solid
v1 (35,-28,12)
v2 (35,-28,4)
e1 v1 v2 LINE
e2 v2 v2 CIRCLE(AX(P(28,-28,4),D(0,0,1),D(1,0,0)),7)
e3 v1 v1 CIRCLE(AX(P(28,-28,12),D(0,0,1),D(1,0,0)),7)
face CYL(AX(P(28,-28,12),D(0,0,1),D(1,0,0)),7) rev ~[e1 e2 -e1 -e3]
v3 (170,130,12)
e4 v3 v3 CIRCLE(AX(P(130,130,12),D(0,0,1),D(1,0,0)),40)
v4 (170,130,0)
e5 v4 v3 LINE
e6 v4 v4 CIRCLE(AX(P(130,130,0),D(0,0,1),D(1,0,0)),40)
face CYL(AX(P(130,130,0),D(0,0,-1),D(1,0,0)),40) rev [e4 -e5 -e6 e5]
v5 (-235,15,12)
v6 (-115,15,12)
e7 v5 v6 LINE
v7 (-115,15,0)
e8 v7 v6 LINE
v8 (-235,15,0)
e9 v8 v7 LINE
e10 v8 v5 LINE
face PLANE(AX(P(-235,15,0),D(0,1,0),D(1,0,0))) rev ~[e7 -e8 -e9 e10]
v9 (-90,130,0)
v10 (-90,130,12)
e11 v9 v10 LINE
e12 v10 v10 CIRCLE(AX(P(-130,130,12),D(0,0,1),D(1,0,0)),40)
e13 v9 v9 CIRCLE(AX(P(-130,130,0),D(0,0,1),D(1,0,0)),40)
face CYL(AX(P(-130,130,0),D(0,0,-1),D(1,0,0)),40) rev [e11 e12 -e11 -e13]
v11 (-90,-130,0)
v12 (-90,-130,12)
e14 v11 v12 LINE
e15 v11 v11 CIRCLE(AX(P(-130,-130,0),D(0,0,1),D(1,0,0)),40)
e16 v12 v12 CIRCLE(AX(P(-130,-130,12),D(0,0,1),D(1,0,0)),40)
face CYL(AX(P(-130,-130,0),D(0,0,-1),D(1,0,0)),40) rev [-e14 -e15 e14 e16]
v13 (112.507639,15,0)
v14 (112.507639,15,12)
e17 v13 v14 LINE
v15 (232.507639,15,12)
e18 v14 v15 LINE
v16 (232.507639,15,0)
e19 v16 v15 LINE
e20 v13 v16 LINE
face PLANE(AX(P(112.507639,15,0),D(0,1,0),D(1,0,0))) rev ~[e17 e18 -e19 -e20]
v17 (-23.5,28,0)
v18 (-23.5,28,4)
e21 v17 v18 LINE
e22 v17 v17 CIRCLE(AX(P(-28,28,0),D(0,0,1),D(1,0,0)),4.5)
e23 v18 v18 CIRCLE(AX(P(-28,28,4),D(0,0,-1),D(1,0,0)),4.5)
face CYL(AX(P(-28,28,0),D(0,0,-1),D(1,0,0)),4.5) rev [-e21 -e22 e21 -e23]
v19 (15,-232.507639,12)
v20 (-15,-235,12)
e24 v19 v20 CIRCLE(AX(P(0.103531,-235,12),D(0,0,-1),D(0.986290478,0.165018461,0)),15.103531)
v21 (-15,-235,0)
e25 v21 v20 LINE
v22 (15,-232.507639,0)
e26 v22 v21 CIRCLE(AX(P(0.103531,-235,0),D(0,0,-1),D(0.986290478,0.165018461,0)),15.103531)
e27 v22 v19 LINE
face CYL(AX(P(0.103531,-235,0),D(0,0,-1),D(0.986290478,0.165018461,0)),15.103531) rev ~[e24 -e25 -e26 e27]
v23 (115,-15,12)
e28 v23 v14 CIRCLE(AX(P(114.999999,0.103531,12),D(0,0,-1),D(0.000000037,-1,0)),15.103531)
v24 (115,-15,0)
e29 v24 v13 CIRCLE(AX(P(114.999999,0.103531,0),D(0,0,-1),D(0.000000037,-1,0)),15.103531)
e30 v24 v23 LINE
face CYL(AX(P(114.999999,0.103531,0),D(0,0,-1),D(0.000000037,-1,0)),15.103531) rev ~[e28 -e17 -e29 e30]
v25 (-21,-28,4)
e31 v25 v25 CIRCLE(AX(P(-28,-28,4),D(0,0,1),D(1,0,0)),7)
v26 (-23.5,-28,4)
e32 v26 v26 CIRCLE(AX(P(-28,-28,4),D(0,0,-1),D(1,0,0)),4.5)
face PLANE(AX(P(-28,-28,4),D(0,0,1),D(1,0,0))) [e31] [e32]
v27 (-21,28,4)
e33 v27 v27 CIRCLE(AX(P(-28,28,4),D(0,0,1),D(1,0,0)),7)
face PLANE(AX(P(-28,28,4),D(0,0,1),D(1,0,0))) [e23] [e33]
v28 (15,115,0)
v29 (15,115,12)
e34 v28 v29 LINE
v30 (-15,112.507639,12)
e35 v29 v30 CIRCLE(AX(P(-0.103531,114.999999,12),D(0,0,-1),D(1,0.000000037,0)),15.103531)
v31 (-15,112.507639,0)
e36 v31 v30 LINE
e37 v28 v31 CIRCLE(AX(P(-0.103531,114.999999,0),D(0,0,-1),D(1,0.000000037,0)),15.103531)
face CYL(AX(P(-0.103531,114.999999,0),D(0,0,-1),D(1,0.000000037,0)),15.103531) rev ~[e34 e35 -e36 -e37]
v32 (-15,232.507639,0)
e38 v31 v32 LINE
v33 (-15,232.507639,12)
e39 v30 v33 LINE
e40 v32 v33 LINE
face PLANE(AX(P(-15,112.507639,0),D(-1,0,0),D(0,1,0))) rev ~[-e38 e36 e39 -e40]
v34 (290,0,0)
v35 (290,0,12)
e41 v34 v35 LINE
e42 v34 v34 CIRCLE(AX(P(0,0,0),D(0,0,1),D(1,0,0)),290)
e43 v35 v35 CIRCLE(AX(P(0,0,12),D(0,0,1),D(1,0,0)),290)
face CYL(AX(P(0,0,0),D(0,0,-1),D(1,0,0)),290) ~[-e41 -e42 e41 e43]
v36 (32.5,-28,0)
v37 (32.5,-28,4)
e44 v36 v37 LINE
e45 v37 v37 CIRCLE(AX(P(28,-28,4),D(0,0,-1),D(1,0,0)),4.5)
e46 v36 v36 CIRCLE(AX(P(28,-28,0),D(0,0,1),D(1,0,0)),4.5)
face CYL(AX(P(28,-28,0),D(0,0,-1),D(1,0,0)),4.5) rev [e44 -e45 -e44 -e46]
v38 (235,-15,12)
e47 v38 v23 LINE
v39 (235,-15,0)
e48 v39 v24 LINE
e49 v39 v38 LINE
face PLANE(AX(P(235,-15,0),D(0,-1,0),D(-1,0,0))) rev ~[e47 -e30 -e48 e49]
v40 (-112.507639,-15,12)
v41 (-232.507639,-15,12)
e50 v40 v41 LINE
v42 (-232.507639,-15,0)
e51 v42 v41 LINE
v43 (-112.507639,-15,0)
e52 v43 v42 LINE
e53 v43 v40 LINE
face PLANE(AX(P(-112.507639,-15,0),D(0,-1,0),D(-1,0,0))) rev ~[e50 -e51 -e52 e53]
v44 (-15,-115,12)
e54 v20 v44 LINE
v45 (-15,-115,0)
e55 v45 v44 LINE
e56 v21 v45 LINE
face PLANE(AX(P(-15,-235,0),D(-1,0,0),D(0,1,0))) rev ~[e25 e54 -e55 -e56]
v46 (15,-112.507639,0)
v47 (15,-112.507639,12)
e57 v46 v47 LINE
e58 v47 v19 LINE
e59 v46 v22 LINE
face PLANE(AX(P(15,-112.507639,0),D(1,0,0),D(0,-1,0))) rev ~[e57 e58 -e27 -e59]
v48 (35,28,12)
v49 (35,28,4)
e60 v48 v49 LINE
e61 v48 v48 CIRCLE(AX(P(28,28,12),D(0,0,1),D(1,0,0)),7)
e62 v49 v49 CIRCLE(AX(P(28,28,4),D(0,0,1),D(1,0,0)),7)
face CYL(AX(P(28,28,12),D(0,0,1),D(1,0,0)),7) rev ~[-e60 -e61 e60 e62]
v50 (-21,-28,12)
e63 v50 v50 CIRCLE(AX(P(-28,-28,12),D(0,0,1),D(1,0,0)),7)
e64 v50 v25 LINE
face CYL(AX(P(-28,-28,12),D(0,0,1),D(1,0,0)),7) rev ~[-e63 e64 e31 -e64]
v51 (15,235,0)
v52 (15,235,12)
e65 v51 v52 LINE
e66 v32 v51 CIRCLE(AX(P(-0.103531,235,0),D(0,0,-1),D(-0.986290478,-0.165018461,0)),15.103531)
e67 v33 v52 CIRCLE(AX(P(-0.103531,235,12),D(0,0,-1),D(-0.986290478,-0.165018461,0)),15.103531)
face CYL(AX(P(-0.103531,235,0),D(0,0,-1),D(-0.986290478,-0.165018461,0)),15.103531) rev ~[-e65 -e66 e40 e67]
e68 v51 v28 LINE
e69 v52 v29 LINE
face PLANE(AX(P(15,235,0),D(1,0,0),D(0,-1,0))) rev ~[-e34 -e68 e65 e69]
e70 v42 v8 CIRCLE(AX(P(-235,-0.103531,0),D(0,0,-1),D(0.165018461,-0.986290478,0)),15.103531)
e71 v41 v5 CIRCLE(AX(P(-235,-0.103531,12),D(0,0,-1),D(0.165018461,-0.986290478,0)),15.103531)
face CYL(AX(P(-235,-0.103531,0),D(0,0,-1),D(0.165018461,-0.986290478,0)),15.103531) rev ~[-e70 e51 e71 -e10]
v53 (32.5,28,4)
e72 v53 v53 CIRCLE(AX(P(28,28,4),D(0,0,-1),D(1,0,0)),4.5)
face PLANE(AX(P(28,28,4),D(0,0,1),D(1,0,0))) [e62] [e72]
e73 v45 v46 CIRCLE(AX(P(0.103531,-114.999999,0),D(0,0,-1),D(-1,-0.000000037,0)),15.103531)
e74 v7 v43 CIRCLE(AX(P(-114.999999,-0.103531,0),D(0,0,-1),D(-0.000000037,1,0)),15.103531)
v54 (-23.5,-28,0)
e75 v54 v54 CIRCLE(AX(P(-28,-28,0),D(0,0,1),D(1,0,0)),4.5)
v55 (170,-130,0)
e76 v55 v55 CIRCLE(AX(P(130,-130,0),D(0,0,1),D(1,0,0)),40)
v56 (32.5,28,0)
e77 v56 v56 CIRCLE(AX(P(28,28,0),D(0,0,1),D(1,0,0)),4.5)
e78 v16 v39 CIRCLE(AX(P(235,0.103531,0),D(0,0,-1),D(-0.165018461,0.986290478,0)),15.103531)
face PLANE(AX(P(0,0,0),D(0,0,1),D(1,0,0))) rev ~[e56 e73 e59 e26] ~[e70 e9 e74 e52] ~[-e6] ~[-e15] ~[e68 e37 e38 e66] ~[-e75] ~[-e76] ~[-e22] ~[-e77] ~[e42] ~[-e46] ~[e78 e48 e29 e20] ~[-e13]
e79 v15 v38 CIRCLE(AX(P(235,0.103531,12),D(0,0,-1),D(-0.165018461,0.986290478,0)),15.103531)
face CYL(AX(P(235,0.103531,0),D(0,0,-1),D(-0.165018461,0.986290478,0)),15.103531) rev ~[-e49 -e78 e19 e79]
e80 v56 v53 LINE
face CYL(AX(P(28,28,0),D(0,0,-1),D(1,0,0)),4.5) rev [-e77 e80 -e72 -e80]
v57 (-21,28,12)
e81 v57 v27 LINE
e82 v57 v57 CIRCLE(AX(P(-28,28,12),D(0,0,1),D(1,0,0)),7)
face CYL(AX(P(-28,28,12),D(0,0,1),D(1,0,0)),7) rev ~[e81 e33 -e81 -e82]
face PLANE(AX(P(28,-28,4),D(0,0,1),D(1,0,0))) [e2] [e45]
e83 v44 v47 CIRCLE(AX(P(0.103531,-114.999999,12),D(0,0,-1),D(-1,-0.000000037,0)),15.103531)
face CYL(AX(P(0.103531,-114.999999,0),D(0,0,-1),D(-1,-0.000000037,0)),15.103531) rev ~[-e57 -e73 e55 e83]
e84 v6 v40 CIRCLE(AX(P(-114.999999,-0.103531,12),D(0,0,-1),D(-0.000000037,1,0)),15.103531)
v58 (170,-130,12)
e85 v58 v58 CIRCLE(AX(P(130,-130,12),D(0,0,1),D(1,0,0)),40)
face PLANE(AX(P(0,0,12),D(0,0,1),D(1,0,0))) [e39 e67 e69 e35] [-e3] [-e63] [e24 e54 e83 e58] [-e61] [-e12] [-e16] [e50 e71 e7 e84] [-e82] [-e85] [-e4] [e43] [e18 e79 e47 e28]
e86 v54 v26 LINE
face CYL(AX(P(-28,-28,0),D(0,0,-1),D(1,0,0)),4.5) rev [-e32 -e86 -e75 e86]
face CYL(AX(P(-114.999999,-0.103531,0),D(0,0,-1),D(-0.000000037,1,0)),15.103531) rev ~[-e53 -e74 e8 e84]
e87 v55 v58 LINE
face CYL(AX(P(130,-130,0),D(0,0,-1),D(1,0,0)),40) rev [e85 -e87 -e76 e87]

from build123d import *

# Parameters (mm, degrees)
F0_R     = 290
F0_R_2   = 40
F0_R_3   = 4.5
F1_DEPTH = 12
F2_DEPTH = 25
F3_R     = 7
F4_DEPTH = 8


with BuildPart() as f1:
    # F0 (on Top) → F1 (new body)
    with BuildSketch(Plane.XY):
        Circle(F0_R)
        with BuildLine():
            Line((-235, 15), (-115, 15))
            ThreePointArc((-115, 15), (-99.948323, 1.146943), (-112.507639, -15))
            Line((-112.507639, -15), (-232.507639, -15))
            ThreePointArc((-232.507639, -15), (-250.051677, -1.354005), (-235, 15))
        make_face(mode=Mode.SUBTRACT)
        with Locations((-130, -130)):
            Circle(F0_R_2, mode=Mode.SUBTRACT)
        with Locations((-28, -28)):
            Circle(F0_R_3, mode=Mode.SUBTRACT)
        with BuildLine():
            Line((-15, -235), (-15, -115))
            ThreePointArc((-15, -115), (-1.146943, -99.948323), (15, -112.507639))
            Line((15, -112.507639), (15, -232.507639))
            ThreePointArc((15, -232.507639), (1.354005, -250.051677), (-15, -235))
        make_face(mode=Mode.SUBTRACT)
        with Locations((130, -130)):
            Circle(F0_R_2, mode=Mode.SUBTRACT)
        with Locations((28, -28)):
            Circle(F0_R_3, mode=Mode.SUBTRACT)
        with Locations((-28, 28)):
            Circle(F0_R_3, mode=Mode.SUBTRACT)
        with Locations((-130, 130)):
            Circle(F0_R_2, mode=Mode.SUBTRACT)
        with BuildLine():
            Line((15, 235), (15, 115))
            ThreePointArc((15, 115), (1.146943, 99.948323), (-15, 112.507639))
            Line((-15, 112.507639), (-15, 232.507639))
            ThreePointArc((-15, 232.507639), (-1.354005, 250.051677), (15, 235))
        make_face(mode=Mode.SUBTRACT)
        with Locations((28, 28)):
            Circle(F0_R_3, mode=Mode.SUBTRACT)
        with Locations((130, 130)):
            Circle(F0_R_2, mode=Mode.SUBTRACT)
        with BuildLine():
            Line((235, -15), (115, -15))
            ThreePointArc((115, -15), (99.948323, -1.146943), (112.507639, 15))
            Line((112.507639, 15), (232.507639, 15))
            ThreePointArc((232.507639, 15), (250.051677, 1.354005), (235, -15))
        make_face(mode=Mode.SUBTRACT)
    extrude(amount=F1_DEPTH)

    # F0 (on Top) → F2 (cut)
    with BuildSketch(Plane.XY):
        Circle(F0_R)
        with BuildLine():
            Line((-235, 15), (-115, 15))
            ThreePointArc((-115, 15), (-99.948323, 1.146943), (-112.507639, -15))
            Line((-112.507639, -15), (-232.507639, -15))
            ThreePointArc((-232.507639, -15), (-250.051677, -1.354005), (-235, 15))
        make_face(mode=Mode.SUBTRACT)
        with Locations((-130, -130)):
            Circle(F0_R_2, mode=Mode.SUBTRACT)
        with Locations((-28, -28)):
            Circle(F0_R_3, mode=Mode.SUBTRACT)
        with BuildLine():
            Line((-15, -235), (-15, -115))
            ThreePointArc((-15, -115), (-1.146943, -99.948323), (15, -112.507639))
            Line((15, -112.507639), (15, -232.507639))
            ThreePointArc((15, -232.507639), (1.354005, -250.051677), (-15, -235))
        make_face(mode=Mode.SUBTRACT)
        with Locations((130, -130)):
            Circle(F0_R_2, mode=Mode.SUBTRACT)
        with Locations((28, -28)):
            Circle(F0_R_3, mode=Mode.SUBTRACT)
        with Locations((-28, 28)):
            Circle(F0_R_3, mode=Mode.SUBTRACT)
        with Locations((-130, 130)):
            Circle(F0_R_2, mode=Mode.SUBTRACT)
        with BuildLine():
            Line((15, 235), (15, 115))
            ThreePointArc((15, 115), (1.146943, 99.948323), (-15, 112.507639))
            Line((-15, 112.507639), (-15, 232.507639))
            ThreePointArc((-15, 232.507639), (-1.354005, 250.051677), (15, 235))
        make_face(mode=Mode.SUBTRACT)
        with Locations((28, 28)):
            Circle(F0_R_3, mode=Mode.SUBTRACT)
        with Locations((130, 130)):
            Circle(F0_R_2, mode=Mode.SUBTRACT)
        with BuildLine():
            Line((235, -15), (115, -15))
            ThreePointArc((115, -15), (99.948323, -1.146943), (112.507639, 15))
            Line((112.507639, 15), (232.507639, 15))
            ThreePointArc((232.507639, 15), (250.051677, 1.354005), (235, -15))
        make_face(mode=Mode.SUBTRACT)
    extrude(amount=-F2_DEPTH, mode=Mode.SUBTRACT)

    # F3 (on face) → F4 (cut)
    with BuildSketch(Plane.XY.offset(12)):
        with Locations((-28, 28)):
            Circle(F3_R)
        with Locations((28, 28)):
            Circle(F3_R)
        with Locations((-28, -28)):
            Circle(F3_R)
        with Locations((28, -28)):
            Circle(F3_R)
    extrude(amount=-F4_DEPTH, mode=Mode.SUBTRACT)


solid = f1.part
